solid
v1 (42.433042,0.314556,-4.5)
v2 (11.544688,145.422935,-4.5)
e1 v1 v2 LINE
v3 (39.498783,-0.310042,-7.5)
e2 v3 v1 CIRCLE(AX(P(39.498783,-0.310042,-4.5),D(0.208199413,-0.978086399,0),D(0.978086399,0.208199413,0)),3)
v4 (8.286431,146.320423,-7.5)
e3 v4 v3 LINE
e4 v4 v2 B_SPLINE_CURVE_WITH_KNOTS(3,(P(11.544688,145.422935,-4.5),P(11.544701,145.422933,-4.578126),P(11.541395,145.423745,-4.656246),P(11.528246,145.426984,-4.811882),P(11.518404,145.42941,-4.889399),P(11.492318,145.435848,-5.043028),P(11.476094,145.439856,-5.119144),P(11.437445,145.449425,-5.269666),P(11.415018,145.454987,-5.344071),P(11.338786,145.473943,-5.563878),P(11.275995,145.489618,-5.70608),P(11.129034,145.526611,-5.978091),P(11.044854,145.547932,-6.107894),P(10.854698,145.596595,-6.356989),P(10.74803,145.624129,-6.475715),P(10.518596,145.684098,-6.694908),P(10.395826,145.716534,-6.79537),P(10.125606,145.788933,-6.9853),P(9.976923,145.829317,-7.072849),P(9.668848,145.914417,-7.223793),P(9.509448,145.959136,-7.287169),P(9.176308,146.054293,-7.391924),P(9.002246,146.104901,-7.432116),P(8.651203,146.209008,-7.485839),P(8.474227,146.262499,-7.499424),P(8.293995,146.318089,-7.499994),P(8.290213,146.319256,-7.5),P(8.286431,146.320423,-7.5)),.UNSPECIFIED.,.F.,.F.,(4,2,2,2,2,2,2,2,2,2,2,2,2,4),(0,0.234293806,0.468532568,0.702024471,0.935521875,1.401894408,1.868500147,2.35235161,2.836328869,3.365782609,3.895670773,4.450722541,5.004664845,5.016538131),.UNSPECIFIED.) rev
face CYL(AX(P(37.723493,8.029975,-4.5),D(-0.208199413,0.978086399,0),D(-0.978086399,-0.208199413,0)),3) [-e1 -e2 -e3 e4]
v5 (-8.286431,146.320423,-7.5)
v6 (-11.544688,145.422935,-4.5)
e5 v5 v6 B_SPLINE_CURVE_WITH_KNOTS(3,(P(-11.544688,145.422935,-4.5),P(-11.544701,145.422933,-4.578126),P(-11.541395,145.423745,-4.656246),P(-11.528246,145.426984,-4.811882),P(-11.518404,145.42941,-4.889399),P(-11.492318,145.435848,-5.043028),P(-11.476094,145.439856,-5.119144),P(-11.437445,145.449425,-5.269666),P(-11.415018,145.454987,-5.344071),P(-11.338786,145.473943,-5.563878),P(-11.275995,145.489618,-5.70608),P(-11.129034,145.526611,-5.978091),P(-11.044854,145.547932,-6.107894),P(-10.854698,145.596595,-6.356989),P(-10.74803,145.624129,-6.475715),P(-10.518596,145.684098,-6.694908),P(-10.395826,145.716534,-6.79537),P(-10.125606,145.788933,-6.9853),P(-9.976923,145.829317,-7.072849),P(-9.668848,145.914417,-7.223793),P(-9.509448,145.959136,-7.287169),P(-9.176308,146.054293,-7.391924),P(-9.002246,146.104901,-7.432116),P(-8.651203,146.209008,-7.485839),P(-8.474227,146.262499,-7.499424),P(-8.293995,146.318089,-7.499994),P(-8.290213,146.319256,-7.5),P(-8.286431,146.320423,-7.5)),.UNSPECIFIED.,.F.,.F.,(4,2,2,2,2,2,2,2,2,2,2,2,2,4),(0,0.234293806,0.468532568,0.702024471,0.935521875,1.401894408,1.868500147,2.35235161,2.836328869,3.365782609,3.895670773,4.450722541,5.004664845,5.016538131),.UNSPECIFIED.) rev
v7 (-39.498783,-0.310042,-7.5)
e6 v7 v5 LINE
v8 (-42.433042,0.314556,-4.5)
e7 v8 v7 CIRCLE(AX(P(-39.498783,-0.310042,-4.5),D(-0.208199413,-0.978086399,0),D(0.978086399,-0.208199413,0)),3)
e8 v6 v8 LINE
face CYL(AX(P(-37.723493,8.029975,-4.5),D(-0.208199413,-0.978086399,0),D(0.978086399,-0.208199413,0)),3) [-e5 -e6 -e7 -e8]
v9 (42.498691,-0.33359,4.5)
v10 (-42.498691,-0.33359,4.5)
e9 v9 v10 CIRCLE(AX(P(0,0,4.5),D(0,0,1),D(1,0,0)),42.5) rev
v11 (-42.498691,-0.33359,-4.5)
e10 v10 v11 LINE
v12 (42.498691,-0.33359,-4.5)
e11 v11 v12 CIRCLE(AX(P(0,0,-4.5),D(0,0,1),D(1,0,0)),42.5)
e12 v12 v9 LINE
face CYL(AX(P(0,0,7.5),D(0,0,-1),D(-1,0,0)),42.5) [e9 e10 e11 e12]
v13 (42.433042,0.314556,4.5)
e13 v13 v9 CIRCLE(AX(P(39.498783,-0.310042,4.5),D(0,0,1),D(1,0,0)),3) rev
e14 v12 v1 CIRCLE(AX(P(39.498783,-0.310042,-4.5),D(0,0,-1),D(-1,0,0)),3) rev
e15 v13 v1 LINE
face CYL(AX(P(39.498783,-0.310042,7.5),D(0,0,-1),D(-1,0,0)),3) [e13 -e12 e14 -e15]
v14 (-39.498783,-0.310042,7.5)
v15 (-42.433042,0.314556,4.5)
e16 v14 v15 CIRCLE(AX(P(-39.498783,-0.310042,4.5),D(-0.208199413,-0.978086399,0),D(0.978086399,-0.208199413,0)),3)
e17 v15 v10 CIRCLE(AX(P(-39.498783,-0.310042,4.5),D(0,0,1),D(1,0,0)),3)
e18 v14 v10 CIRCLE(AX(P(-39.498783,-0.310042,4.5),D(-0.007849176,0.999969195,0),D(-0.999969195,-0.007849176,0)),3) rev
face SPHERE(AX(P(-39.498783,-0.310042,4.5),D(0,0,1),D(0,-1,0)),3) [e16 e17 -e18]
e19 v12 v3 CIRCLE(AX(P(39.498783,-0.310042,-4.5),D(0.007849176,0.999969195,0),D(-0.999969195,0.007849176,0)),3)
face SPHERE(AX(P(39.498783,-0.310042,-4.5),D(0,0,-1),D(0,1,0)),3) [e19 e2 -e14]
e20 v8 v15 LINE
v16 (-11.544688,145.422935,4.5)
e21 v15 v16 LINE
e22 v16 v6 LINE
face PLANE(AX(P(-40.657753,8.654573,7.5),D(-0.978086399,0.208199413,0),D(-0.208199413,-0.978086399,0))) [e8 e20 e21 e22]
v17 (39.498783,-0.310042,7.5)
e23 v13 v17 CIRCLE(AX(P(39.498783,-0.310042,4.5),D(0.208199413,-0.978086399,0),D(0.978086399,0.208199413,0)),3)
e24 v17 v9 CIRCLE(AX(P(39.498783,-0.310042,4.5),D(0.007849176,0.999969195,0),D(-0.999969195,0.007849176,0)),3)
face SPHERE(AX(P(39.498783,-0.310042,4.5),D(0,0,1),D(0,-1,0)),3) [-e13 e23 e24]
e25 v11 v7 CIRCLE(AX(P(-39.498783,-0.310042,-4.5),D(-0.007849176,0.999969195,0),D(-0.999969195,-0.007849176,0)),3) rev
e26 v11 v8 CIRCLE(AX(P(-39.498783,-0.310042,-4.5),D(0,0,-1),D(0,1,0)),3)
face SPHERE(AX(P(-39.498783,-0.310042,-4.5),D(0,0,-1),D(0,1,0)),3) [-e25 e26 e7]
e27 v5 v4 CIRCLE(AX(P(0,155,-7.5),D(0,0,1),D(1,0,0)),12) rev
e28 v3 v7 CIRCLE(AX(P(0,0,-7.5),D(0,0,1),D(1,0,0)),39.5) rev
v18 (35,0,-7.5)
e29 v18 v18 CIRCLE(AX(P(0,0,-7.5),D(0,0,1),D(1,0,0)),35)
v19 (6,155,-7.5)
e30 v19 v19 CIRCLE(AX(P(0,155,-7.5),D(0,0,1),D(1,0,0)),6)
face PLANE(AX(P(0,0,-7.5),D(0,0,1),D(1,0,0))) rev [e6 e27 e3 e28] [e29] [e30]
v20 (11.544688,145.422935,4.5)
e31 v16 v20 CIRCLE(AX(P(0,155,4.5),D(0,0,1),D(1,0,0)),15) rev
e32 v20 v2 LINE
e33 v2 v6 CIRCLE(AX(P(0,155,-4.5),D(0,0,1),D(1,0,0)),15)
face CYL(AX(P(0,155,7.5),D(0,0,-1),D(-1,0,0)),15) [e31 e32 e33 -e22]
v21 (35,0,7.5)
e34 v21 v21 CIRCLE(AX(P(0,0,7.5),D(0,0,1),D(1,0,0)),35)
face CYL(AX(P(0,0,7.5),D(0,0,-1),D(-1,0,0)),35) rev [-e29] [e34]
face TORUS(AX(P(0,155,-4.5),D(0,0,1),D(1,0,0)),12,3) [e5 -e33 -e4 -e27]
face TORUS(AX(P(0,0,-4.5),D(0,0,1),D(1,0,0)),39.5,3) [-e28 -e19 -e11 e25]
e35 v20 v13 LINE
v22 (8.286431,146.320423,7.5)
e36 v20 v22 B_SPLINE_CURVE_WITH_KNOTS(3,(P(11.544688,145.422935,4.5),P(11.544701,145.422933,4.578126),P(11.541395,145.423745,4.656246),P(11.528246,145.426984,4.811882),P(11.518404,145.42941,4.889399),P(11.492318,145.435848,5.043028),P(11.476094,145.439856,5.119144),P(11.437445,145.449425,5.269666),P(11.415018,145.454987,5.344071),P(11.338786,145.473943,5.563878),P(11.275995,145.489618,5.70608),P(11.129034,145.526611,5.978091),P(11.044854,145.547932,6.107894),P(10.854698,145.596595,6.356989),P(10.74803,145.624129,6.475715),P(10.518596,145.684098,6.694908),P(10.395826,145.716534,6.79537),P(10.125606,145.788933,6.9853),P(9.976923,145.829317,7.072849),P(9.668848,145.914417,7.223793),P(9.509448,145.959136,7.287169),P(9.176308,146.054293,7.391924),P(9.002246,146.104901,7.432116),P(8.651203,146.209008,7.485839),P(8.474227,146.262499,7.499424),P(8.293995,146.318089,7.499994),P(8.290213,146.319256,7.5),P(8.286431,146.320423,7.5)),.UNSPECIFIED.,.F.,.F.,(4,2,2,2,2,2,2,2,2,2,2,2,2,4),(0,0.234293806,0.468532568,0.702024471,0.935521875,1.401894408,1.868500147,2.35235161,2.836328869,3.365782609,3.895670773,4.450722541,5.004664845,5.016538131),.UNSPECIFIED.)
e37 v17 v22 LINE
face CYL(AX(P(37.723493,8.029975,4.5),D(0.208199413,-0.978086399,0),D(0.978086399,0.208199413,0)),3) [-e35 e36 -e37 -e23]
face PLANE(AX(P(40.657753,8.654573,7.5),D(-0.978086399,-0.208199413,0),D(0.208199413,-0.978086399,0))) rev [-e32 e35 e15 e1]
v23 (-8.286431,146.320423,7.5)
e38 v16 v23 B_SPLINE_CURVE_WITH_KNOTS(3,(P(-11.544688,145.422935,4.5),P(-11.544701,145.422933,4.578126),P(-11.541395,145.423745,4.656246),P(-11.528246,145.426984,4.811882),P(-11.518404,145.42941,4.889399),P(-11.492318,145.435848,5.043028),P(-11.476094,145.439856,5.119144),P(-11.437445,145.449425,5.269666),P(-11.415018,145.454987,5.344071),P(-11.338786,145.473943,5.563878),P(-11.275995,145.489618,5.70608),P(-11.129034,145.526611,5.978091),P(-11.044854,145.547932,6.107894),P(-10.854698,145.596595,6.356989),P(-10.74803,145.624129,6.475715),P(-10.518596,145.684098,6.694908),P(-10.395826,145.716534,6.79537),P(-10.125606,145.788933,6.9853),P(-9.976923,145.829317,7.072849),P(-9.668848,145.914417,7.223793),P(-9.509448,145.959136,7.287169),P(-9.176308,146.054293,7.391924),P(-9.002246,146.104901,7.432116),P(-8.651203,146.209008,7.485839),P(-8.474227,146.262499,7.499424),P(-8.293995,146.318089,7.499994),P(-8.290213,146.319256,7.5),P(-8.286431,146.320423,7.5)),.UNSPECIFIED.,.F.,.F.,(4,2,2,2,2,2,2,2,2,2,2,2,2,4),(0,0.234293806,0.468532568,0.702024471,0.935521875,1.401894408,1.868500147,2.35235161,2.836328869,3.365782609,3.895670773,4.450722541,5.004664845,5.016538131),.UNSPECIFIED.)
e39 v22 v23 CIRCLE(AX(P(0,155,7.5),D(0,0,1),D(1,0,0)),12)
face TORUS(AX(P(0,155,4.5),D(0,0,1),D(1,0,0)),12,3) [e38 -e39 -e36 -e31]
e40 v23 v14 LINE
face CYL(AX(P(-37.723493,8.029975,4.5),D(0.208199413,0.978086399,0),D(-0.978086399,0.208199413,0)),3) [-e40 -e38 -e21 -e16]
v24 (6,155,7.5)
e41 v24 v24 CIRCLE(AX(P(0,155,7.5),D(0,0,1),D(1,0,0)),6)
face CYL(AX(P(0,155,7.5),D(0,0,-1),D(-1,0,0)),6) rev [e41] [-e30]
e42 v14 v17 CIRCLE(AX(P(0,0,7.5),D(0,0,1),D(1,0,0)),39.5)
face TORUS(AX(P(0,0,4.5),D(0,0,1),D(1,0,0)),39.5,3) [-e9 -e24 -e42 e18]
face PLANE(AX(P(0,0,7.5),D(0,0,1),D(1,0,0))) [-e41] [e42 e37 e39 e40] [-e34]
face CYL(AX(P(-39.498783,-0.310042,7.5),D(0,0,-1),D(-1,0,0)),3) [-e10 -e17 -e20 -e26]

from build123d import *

# Parameters (mm, degrees)
SKETCH1_R           = 35
SKETCH1_R_2         = 6
BOSS_EXTRUDE1_DEPTH = 7.5
FILLET1_R           = 3


with BuildPart() as part:
    # Sketch1 → Boss-Extrude1 (new, symmetric)
    with BuildSketch(Plane.XY):
        with BuildLine():
            Line((-42.5, 0), (-11.544687954, 145.422934685))
            ThreePointArc((-11.544687954, 145.422934685), (0, 170), (11.544687954, 145.422934685))
            Line((11.544687954, 145.422934685), (42.5, 0))
            ThreePointArc((42.5, 0), (0, -42.5), (-42.5, 0))
        make_face()
        Circle(SKETCH1_R, mode=Mode.SUBTRACT)
        with Locations((0, 155)):
            Circle(SKETCH1_R_2, mode=Mode.SUBTRACT)
    extrude(amount=BOSS_EXTRUDE1_DEPTH, both=True)

    # Fillet1
    fillet1_edges = [part.edges().sort_by_distance(p)[0] for p in [
        (42.5, 0, 0),
        (-42.5, 0, 0),
        (27.022343977, 72.711467343, 7.5),
        (0, 170, 7.5),
        (-27.022343977, 72.711467343, 7.5),
        (0, -42.5, 7.5),
        (0, -42.5, -7.5),
        (-27.022343977, 72.711467343, -7.5),
        (0, 170, -7.5),
        (27.022343977, 72.711467343, -7.5),
    ]]
    fillet(fillet1_edges, radius=FILLET1_R)


solid = part.part
